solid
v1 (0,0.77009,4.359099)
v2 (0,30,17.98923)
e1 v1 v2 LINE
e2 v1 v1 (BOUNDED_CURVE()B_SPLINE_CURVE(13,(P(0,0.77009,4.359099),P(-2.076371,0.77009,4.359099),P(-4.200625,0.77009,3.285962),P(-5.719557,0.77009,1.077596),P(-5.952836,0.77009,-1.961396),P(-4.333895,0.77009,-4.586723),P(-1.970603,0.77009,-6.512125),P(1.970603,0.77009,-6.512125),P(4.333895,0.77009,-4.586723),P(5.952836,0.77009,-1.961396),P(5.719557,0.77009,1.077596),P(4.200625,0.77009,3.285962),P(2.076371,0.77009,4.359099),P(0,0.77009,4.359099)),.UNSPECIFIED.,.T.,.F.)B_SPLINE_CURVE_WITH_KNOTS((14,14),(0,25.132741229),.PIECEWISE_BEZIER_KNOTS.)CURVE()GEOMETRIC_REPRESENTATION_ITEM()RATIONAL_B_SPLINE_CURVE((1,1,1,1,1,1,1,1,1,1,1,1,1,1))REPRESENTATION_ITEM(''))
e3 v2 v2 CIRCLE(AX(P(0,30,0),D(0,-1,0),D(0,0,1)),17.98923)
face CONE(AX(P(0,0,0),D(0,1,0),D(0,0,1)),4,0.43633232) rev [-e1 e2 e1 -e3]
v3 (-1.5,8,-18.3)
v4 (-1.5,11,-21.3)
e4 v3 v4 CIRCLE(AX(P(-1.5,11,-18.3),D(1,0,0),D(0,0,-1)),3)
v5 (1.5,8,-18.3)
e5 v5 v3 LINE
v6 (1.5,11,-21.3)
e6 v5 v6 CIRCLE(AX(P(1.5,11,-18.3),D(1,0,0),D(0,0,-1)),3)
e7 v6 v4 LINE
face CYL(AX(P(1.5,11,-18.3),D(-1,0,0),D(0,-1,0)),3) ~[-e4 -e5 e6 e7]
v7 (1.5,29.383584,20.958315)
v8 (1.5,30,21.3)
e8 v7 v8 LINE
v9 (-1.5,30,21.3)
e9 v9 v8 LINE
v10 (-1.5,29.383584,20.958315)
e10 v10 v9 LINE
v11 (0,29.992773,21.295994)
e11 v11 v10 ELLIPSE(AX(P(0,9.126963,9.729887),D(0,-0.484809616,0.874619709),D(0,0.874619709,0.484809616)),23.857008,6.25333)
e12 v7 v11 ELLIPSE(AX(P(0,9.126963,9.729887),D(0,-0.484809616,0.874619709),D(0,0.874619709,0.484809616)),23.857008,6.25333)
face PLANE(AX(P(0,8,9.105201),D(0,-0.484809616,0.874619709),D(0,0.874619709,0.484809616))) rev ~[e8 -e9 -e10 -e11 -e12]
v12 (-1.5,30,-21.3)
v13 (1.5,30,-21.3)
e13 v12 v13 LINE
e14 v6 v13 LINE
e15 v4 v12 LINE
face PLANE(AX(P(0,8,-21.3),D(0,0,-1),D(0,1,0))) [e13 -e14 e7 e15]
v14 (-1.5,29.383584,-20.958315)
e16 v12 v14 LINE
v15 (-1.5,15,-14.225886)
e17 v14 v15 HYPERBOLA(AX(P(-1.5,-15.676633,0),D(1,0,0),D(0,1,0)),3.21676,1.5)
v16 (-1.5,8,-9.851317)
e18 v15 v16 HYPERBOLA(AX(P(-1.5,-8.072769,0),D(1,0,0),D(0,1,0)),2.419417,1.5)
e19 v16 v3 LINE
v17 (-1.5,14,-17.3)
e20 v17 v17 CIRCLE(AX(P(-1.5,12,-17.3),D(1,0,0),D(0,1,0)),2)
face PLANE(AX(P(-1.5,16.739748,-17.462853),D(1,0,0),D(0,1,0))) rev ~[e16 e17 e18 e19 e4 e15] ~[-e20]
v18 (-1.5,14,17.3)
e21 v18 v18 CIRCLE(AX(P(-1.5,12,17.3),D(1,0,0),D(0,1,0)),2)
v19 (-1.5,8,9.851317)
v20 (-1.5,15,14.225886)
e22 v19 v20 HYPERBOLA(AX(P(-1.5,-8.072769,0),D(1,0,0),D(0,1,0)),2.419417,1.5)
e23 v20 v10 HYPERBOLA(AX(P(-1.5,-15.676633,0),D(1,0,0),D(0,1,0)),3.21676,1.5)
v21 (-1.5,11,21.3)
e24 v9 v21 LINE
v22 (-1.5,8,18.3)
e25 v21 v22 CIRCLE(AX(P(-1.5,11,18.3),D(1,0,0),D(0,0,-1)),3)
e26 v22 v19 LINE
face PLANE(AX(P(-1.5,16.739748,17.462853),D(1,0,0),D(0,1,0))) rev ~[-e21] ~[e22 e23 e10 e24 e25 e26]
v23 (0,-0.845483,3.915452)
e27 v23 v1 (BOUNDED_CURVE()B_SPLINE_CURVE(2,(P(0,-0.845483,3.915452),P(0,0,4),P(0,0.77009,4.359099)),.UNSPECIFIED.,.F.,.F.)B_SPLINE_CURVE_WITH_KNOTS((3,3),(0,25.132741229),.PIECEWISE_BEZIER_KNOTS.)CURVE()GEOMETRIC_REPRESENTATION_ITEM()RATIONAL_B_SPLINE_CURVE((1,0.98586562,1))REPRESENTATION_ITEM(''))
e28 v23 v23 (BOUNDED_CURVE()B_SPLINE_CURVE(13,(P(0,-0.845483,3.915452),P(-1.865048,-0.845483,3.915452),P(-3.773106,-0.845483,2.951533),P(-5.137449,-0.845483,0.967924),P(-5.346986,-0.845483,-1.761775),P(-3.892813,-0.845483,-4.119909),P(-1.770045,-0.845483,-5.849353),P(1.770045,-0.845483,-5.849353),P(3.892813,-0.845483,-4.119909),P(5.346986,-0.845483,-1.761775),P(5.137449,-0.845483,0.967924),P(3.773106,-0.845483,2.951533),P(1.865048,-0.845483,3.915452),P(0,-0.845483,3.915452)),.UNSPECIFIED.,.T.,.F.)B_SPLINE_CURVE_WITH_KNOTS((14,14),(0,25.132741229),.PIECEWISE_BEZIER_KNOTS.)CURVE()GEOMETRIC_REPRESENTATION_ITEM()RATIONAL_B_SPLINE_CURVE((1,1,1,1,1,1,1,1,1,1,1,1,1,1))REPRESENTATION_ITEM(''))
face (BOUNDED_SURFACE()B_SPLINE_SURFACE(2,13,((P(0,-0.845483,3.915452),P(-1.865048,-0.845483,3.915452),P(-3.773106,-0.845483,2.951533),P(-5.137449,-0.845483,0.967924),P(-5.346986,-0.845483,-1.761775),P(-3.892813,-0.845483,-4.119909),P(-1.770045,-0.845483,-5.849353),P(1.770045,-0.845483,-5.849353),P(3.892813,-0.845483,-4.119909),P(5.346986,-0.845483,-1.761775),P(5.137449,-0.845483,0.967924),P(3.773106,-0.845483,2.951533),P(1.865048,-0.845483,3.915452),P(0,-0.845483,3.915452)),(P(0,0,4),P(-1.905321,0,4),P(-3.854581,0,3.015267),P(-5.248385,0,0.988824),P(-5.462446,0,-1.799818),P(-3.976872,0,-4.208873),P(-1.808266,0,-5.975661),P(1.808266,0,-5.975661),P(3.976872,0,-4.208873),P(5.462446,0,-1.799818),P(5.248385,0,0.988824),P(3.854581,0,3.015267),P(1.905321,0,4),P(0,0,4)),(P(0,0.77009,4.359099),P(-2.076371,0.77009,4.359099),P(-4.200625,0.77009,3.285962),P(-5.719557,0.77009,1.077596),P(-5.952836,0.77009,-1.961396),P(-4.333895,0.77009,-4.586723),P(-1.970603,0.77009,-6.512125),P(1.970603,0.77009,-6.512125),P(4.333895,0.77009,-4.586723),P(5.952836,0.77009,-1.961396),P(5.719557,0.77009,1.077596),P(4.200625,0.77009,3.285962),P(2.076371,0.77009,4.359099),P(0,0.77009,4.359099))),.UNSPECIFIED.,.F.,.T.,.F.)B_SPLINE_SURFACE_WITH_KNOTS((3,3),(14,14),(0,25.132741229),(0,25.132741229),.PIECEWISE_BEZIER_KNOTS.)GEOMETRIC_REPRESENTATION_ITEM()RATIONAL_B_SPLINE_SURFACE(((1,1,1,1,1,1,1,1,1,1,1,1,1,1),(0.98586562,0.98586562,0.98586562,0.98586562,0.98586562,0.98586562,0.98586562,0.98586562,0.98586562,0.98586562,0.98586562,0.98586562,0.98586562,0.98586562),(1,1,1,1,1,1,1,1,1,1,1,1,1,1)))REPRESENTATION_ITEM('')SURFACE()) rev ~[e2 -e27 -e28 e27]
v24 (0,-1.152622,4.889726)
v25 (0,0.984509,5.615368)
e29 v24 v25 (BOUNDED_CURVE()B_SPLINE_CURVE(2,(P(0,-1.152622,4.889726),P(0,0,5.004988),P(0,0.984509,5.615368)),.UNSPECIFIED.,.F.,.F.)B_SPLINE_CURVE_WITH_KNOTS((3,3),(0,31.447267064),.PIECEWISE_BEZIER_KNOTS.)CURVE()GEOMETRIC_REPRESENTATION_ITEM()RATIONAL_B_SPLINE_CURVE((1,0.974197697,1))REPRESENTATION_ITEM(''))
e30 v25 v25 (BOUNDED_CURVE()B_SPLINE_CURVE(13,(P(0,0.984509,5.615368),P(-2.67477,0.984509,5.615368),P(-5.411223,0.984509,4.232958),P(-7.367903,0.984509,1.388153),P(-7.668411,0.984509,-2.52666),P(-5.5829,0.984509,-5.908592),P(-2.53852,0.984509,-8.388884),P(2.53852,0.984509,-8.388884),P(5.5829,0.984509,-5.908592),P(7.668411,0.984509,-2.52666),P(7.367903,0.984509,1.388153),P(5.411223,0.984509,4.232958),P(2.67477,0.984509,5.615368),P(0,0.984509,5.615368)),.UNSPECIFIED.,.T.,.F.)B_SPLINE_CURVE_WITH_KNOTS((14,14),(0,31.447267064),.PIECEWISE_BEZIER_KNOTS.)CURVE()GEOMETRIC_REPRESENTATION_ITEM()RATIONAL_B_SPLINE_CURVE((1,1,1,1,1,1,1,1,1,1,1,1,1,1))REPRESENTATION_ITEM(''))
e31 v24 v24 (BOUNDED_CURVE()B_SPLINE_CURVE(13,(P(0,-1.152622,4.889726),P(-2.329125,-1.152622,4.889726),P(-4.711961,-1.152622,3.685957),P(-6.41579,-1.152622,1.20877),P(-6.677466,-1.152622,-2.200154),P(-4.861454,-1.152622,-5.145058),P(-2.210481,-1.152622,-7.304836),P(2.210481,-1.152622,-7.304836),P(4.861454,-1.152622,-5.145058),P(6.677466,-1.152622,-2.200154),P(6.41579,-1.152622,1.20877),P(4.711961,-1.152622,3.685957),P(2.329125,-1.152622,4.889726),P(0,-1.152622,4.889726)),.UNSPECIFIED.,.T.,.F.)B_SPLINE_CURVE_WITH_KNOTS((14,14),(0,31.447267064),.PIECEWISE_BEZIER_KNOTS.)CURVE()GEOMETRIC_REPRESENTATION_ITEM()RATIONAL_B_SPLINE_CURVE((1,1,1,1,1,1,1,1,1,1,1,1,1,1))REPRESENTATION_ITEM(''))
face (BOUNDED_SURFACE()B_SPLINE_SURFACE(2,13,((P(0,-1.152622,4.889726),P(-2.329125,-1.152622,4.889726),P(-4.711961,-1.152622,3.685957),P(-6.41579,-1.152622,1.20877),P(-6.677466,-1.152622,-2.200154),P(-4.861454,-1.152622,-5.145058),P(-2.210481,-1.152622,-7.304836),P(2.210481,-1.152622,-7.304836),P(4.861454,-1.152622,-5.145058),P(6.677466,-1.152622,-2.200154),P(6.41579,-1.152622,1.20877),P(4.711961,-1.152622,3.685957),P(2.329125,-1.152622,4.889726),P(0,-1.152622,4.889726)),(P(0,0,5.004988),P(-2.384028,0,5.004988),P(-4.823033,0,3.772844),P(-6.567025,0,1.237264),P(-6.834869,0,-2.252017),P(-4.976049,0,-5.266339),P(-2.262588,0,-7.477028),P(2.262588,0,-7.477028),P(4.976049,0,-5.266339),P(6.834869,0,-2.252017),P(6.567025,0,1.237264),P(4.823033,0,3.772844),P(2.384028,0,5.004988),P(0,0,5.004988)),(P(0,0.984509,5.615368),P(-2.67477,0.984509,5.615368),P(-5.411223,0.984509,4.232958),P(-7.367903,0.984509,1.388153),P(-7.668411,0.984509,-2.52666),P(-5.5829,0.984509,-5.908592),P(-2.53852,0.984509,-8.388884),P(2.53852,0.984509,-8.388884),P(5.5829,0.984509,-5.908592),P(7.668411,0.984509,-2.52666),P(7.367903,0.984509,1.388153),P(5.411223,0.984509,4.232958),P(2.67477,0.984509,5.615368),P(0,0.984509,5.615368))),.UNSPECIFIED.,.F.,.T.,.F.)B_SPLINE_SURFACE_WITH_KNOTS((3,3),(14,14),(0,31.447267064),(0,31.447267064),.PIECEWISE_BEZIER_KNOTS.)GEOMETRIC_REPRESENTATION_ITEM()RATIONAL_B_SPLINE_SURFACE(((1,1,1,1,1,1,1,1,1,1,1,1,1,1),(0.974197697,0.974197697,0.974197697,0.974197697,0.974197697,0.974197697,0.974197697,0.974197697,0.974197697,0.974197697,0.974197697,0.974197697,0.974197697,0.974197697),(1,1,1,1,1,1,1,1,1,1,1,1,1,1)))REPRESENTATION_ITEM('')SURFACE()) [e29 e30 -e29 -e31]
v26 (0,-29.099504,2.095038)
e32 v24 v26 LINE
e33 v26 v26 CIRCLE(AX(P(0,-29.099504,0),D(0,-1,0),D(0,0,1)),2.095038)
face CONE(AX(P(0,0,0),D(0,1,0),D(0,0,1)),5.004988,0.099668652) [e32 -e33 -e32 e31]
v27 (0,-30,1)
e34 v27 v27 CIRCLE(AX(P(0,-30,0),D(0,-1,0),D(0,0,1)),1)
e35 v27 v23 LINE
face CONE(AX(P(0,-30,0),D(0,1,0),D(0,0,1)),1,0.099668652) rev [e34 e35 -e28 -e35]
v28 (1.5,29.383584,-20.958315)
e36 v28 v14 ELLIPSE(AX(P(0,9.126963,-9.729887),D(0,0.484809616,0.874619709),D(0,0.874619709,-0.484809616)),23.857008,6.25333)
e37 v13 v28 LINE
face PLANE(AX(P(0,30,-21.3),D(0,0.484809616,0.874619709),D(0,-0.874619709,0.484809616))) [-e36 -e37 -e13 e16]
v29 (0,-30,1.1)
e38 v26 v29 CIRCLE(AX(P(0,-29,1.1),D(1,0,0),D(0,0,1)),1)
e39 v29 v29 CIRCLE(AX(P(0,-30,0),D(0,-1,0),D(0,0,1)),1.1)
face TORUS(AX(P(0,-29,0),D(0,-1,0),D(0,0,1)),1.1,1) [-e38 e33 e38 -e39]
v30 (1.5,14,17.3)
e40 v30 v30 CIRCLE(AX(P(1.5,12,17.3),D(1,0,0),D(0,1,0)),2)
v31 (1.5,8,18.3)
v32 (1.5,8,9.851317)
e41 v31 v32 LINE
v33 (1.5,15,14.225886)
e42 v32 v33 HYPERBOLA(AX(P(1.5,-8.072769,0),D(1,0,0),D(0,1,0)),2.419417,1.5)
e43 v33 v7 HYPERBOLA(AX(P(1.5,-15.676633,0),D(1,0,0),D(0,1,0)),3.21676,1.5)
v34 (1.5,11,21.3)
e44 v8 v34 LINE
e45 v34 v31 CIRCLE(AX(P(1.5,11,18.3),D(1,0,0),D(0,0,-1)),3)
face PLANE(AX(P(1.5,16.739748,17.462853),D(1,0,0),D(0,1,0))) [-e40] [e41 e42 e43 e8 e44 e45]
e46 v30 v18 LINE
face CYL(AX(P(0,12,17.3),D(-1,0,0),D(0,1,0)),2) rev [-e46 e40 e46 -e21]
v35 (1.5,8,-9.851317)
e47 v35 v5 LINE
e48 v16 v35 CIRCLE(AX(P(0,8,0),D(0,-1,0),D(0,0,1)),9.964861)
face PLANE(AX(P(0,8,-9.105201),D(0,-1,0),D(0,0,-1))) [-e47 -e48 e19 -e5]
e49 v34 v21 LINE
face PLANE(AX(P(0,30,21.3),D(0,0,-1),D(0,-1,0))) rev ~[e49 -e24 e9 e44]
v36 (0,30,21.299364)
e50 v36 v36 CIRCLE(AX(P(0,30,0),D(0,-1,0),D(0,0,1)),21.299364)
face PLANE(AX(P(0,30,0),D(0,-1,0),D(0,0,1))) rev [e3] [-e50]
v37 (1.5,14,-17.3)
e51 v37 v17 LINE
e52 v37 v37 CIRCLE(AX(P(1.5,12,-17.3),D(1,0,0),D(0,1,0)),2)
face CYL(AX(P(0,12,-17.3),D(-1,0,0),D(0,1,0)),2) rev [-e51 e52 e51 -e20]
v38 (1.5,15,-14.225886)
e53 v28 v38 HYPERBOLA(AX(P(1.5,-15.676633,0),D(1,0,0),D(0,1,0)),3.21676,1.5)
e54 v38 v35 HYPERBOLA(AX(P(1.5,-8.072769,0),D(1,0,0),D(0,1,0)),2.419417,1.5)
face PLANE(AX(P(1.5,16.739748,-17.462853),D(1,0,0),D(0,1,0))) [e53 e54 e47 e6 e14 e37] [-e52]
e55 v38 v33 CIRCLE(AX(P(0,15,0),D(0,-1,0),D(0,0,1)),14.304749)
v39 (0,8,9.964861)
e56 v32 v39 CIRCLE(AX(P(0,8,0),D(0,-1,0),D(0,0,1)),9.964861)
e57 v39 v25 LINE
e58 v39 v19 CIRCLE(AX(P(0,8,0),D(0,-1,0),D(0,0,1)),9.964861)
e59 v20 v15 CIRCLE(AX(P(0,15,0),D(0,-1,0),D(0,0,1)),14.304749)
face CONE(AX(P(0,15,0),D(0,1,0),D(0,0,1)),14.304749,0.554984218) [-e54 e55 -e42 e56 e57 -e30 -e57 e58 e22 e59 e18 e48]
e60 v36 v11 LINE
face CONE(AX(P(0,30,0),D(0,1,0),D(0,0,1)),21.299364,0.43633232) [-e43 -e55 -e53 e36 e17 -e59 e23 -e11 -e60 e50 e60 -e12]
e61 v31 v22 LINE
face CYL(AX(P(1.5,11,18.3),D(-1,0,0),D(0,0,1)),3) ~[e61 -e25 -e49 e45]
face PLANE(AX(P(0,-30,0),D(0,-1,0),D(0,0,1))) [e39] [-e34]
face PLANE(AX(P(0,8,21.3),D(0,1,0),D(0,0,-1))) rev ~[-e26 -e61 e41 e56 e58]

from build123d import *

# Parameters (mm, degrees)
F2_R     = 2
F3_DEPTH = 1.5
F4_R     = 1
F5_R     = 5
F6_R     = 5
F7_R     = 3


with BuildPart() as f1:
    # F0 (on Right) → F1 (revolve)
    with BuildSketch(Plane.YZ):
        Polygon((-30, 2.004988), (-30, 1), (0, 4), (15, 10.994615), (30, 17.98923), (30, 21.299364), (15, 14.304749), (0, 5.004988), align=None)
    revolve(axis=Axis((0, -9.670749, 0), (0, -1, 0)))

    # F2 (on Right) → F3 (join, symmetric)
    with BuildSketch(Plane.YZ):
        Polygon((8, 9.105201), (30, 21.3), (8, 21.3), align=None)
        with Locations((12, 17.3)):
            Circle(F2_R, mode=Mode.SUBTRACT)
        Polygon((8, -21.3), (30, -21.3), (8, -9.105201), align=None)
        with Locations((12, -17.3)):
            Circle(F2_R, mode=Mode.SUBTRACT)
    extrude(amount=F3_DEPTH, both=True)

    # F4
    f4_edges = [f1.edges().sort_by_distance(p)[0] for p in [
        (0, -30, -2.004988),
    ]]
    fillet(f4_edges, radius=F4_R)

    # F5
    f5_edges = [f1.edges().sort_by_distance(p)[0] for p in [
        (0, 0, -5.004988),
    ]]
    fillet(f5_edges, radius=F5_R)

    # F6
    f6_edges = [f1.edges().sort_by_distance(p)[0] for p in [
        (0, 0, -4),
    ]]
    fillet(f6_edges, radius=F6_R)

    # F7
    f7_edges = [f1.edges().sort_by_distance(p)[0] for p in [
        (0, 8, 21.3),
        (0, 8, -21.3),
    ]]
    fillet(f7_edges, radius=F7_R)


solid = f1.part
